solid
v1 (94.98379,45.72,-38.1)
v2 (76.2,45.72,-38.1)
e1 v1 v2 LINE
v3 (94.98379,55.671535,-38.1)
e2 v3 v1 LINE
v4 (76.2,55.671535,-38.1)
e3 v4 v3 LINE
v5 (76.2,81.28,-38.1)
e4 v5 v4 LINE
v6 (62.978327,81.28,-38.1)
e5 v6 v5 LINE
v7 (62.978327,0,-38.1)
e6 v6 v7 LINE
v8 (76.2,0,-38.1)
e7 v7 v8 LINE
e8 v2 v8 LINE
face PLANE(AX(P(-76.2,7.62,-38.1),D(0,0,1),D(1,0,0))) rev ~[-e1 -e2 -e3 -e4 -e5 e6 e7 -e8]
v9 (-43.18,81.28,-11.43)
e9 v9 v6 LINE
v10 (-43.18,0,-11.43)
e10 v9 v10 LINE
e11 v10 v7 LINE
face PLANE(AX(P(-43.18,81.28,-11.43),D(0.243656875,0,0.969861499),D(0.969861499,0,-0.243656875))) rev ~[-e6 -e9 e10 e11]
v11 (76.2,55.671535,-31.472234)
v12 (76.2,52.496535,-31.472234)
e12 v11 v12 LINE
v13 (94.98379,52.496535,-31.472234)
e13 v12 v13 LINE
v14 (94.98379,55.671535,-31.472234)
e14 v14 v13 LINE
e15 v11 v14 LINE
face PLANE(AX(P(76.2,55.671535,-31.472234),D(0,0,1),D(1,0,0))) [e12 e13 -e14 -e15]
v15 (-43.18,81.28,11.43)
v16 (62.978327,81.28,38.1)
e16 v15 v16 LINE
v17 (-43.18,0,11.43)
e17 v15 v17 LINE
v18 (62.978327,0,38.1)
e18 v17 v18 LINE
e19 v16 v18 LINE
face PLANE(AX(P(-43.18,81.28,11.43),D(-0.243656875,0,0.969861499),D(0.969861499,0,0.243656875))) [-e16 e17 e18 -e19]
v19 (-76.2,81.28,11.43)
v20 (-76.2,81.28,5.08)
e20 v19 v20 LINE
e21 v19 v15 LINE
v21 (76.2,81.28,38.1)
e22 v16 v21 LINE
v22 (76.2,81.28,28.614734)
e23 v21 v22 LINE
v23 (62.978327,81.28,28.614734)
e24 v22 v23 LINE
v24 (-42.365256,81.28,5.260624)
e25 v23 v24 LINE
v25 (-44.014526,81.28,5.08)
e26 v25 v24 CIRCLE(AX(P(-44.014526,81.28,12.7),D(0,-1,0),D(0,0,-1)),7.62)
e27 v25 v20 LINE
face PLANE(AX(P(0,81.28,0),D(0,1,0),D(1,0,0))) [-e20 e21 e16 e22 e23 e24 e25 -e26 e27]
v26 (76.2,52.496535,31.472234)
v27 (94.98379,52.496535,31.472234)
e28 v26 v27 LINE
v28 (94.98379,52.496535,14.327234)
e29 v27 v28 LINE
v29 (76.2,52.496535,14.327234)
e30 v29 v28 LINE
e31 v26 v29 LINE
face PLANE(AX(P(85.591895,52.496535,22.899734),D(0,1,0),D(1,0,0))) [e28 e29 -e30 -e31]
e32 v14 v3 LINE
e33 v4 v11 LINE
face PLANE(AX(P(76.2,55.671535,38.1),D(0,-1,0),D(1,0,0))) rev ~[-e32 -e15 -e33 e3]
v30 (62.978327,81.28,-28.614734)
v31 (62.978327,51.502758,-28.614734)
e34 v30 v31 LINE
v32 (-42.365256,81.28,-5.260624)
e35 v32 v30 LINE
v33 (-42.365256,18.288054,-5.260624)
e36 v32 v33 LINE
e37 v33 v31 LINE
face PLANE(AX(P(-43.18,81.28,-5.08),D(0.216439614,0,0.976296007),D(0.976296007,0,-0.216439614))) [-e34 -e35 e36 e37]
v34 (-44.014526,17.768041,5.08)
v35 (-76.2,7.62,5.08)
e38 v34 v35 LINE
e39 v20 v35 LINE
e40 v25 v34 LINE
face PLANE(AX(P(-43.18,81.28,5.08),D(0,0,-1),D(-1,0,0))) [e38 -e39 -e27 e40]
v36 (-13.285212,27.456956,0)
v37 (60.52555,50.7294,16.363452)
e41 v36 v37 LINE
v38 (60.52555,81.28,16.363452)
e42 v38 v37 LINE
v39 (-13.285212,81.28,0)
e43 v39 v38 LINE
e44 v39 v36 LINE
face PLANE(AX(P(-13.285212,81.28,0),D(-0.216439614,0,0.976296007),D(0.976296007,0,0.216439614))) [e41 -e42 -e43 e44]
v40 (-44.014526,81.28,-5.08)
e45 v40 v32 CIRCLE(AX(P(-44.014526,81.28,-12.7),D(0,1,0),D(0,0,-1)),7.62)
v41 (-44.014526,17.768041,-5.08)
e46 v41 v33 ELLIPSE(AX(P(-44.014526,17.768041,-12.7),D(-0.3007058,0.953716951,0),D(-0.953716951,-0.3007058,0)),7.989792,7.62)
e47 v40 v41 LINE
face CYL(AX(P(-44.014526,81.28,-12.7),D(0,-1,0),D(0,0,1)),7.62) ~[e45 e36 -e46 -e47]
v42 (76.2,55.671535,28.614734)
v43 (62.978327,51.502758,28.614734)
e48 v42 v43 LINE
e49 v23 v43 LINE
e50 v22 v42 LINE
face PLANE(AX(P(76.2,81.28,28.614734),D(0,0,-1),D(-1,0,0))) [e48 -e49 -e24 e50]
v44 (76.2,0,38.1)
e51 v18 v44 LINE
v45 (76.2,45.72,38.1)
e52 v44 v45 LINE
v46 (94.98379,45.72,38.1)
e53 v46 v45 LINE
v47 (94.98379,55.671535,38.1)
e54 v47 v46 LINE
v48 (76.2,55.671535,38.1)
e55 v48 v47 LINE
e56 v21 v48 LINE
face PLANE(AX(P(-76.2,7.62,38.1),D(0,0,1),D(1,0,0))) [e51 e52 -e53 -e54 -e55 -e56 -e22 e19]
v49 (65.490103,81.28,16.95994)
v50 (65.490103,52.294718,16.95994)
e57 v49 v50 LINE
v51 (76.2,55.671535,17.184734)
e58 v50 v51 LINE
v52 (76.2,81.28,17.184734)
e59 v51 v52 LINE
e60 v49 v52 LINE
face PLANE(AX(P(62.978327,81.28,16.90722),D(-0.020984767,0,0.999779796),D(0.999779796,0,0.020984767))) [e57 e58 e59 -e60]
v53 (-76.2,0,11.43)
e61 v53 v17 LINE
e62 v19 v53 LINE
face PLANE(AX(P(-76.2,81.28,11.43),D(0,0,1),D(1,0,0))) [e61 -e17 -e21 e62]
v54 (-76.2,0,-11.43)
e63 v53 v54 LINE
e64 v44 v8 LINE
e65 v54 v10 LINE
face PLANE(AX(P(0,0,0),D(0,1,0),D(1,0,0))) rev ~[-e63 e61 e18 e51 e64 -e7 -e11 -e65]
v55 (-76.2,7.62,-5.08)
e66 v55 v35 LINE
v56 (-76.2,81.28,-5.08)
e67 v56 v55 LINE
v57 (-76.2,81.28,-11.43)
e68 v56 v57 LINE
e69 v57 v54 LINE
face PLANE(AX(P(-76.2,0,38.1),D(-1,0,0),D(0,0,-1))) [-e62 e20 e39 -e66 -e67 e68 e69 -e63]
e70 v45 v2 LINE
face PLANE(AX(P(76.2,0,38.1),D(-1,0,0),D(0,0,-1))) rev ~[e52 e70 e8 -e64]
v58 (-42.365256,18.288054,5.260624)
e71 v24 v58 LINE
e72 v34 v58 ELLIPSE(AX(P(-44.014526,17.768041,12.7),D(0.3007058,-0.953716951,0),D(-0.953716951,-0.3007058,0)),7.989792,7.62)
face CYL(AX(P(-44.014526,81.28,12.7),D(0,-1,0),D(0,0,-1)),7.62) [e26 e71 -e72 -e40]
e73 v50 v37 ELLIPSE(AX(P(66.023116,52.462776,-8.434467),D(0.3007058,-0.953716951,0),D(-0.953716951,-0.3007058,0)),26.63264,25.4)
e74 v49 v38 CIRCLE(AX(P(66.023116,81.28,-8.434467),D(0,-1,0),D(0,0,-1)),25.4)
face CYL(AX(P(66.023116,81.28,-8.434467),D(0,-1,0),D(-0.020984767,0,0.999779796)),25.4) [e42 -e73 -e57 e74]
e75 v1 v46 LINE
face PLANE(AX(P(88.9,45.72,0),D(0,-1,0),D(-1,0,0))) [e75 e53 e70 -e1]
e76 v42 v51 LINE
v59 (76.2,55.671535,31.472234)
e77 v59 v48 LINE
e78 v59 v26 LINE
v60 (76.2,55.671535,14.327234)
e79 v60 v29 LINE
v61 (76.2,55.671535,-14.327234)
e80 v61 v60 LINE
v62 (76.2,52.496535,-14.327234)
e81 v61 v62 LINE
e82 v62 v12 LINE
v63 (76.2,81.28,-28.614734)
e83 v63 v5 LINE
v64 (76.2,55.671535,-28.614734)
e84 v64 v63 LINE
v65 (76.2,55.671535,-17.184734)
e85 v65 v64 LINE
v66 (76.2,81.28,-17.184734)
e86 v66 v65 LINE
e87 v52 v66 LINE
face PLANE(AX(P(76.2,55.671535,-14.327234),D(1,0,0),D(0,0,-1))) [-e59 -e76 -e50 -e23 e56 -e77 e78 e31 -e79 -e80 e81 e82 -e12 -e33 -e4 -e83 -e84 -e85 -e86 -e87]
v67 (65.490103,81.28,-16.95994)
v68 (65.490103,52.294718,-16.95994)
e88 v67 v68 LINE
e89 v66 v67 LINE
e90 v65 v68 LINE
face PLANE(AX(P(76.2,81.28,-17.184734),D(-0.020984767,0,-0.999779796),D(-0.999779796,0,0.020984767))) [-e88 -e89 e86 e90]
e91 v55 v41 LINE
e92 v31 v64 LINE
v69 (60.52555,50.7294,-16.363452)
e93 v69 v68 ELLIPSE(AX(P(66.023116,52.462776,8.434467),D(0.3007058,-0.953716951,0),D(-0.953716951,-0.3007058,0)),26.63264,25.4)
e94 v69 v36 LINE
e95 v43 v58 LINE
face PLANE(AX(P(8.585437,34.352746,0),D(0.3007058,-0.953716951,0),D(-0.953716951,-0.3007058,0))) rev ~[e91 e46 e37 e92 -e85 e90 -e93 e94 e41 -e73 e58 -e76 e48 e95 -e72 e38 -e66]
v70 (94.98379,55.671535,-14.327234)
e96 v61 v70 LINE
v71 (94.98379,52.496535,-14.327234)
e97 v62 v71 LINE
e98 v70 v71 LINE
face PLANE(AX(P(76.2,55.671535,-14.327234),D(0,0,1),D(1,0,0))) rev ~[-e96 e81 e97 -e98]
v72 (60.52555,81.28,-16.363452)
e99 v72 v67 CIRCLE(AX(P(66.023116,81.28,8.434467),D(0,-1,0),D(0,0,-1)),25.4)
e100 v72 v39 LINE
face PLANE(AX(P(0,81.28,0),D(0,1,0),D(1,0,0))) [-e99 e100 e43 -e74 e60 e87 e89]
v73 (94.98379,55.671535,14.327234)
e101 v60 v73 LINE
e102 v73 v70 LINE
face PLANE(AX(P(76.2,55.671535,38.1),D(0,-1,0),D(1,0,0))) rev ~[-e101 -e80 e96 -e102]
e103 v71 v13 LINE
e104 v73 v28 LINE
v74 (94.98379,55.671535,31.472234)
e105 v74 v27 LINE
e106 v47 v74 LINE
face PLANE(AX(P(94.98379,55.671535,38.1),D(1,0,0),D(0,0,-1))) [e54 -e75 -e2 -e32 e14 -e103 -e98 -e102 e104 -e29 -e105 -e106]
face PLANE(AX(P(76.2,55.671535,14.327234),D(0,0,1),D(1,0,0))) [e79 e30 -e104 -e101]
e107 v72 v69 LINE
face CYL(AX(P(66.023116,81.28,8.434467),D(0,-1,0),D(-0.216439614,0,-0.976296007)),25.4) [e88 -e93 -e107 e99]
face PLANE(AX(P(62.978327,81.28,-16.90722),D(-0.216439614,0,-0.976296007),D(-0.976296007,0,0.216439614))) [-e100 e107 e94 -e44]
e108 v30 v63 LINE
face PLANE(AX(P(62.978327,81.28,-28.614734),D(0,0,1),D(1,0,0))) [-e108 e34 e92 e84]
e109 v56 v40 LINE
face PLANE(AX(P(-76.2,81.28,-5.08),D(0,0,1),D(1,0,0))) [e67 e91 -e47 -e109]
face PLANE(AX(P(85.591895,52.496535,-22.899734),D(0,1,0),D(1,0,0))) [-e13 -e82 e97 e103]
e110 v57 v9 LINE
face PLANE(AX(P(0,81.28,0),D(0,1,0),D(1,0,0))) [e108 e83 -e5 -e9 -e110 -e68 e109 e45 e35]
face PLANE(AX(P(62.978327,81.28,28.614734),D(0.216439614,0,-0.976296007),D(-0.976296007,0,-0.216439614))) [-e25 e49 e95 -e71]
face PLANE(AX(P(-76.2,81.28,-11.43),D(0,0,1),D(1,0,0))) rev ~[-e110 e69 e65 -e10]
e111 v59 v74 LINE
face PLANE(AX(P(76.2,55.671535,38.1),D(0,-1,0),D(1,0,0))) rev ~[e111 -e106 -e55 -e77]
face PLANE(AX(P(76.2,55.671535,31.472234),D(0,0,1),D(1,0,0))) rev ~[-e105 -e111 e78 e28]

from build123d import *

# Parameters (mm, degrees)
SKETCH1_W           = 152.4
SKETCH1_H           = 76.2
BOSS_EXTRUDE1_DEPTH = 81.28
CUT_EXTRUDE1_DEPTH  = 73.66
SKETCH4_W           = 177.8
SKETCH4_H           = 76.2
REVOLVE1_ANGLE      = 17.5
CUT_EXTRUDE2_DEPTH  = 136.575102434
SKETCH5_W           = 25.4
SKETCH5_H           = 76.2
CUT_EXTRUDE3_DEPTH  = 45.72
FILLET1_R           = 7.62
FILLET2_R           = 25.4
SKETCH7_W           = 21.387890157
SKETCH7_H           = 5.413955727
CUT_EXTRUDE5_DEPTH  = 149.031271926
SKETCH8_W           = 2.486098051
SKETCH8_H           = 76.2
CUT_EXTRUDE6_DEPTH  = 119.538217147
SKETCH9_W           = 18.783789955
SKETCH9_H           = 17.145
CUT_EXTRUDE7_DEPTH  = 3.175


with BuildPart() as part:
    # Sketch1 → Boss-Extrude1 (new body)
    with BuildSketch(Plane(origin=(0, 0, 0), x_dir=(1, 0, 0), z_dir=(0, 1, 0))):
        Rectangle(SKETCH1_W, SKETCH1_H)
    extrude(amount=BOSS_EXTRUDE1_DEPTH)

    # Sketch2 → Cut-Extrude1 (cut)
    with BuildSketch(Plane(origin=(0, 81.28, 0), x_dir=(1, 0, 0), z_dir=(0, 1, 0))):
        Polygon((-76.2, 0), (-76.2, 5.08), (-43.18, 5.08), (62.978326754, 28.614734436), (76.2, 28.614734436), (76.2, 17.184734436), (62.978326754, 16.907219588), (-13.285212414, 0), (62.978326754, -16.907219588), (76.2, -17.184734436), (76.2, -28.614734436), (62.978326754, -28.614734436), (-43.18, -5.08), (-76.2, -5.08), align=None)
    extrude(amount=-CUT_EXTRUDE1_DEPTH, mode=Mode.SUBTRACT)

    # Sketch4 → Revolve1 (revolve)
    with BuildSketch(Plane(origin=(0, 7.62, 0), x_dir=(-1, 0, 0), z_dir=(0, -1, 0))):
        with Locations((-12.7, 0)):
            Rectangle(SKETCH4_W, SKETCH4_H)
    revolve(axis=Axis((-76.2, 7.62, 38.1), (0, 0, 1)), revolution_arc=REVOLVE1_ANGLE)

    # Sketch3 → Cut-Extrude2 (cut, through all)
    with BuildSketch(Plane(origin=(0, 81.28, 0), x_dir=(1, 0, 0), z_dir=(0, 1, 0))):
        Polygon((62.978326754, 38.1), (-76.2, 38.1), (-76.2, 11.43), (-43.18, 11.43), align=None)
        Polygon((-76.2, -11.43), (-43.18, -11.43), (62.978326754, -38.1), (-76.2, -38.1), align=None)
    extrude(amount=-CUT_EXTRUDE2_DEPTH, mode=Mode.SUBTRACT)

    # Sketch5 → Cut-Extrude3 (cut)
    with BuildSketch(Plane(origin=(0, 0, 0), x_dir=(-1, 0, 0), z_dir=(0, -1, 0))):
        with Locations((-88.9, 0)):
            Rectangle(SKETCH5_W, SKETCH5_H)
    extrude(amount=-CUT_EXTRUDE3_DEPTH, mode=Mode.SUBTRACT)

    # Fillet1
    fillet1_edges = [part.edges().sort_by_distance(p)[0] for p in [
        (-43.18, 49.655583004, 5.08),
        (-43.18, 49.655583004, -5.08),
    ]]
    fillet(fillet1_edges, radius=FILLET1_R)

    # Fillet2
    fillet2_edges = [part.edges().sort_by_distance(p)[0] for p in [
        (62.978326754, 66.391378932, 16.907219588),
        (62.978326754, 66.391378932, -16.907219588),
    ]]
    fillet(fillet2_edges, radius=FILLET2_R)

    # Sketch7 → Cut-Extrude5 (cut, through all)
    with BuildSketch(Plane.XY.offset(38.1)):
        with Locations((86.893945078, 58.378513289)):
            Rectangle(SKETCH7_W, SKETCH7_H)
    extrude(amount=-CUT_EXTRUDE5_DEPTH, mode=Mode.SUBTRACT)

    # Sketch8 → Cut-Extrude6 (cut, through all)
    with BuildSketch(Plane(origin=(0, 55.671535425, 0), x_dir=(1, 0, 0), z_dir=(0, 1, 0))):
        with Locations((96.226838981, 0)):
            Rectangle(SKETCH8_W, SKETCH8_H)
    extrude(amount=-CUT_EXTRUDE6_DEPTH, mode=Mode.SUBTRACT)

    # Sketch9 → Cut-Extrude7 (cut)
    with BuildSketch(Plane(origin=(0, 55.671535425, 0), x_dir=(1, 0, 0), z_dir=(0, 1, 0))):
        with Locations((85.591894978, 22.899734436)):
            Rectangle(SKETCH9_W, SKETCH9_H)
        with Locations((85.591894978, -22.899734436)):
            Rectangle(SKETCH9_W, SKETCH9_H)
    extrude(amount=-CUT_EXTRUDE7_DEPTH, mode=Mode.SUBTRACT)


solid = part.part
